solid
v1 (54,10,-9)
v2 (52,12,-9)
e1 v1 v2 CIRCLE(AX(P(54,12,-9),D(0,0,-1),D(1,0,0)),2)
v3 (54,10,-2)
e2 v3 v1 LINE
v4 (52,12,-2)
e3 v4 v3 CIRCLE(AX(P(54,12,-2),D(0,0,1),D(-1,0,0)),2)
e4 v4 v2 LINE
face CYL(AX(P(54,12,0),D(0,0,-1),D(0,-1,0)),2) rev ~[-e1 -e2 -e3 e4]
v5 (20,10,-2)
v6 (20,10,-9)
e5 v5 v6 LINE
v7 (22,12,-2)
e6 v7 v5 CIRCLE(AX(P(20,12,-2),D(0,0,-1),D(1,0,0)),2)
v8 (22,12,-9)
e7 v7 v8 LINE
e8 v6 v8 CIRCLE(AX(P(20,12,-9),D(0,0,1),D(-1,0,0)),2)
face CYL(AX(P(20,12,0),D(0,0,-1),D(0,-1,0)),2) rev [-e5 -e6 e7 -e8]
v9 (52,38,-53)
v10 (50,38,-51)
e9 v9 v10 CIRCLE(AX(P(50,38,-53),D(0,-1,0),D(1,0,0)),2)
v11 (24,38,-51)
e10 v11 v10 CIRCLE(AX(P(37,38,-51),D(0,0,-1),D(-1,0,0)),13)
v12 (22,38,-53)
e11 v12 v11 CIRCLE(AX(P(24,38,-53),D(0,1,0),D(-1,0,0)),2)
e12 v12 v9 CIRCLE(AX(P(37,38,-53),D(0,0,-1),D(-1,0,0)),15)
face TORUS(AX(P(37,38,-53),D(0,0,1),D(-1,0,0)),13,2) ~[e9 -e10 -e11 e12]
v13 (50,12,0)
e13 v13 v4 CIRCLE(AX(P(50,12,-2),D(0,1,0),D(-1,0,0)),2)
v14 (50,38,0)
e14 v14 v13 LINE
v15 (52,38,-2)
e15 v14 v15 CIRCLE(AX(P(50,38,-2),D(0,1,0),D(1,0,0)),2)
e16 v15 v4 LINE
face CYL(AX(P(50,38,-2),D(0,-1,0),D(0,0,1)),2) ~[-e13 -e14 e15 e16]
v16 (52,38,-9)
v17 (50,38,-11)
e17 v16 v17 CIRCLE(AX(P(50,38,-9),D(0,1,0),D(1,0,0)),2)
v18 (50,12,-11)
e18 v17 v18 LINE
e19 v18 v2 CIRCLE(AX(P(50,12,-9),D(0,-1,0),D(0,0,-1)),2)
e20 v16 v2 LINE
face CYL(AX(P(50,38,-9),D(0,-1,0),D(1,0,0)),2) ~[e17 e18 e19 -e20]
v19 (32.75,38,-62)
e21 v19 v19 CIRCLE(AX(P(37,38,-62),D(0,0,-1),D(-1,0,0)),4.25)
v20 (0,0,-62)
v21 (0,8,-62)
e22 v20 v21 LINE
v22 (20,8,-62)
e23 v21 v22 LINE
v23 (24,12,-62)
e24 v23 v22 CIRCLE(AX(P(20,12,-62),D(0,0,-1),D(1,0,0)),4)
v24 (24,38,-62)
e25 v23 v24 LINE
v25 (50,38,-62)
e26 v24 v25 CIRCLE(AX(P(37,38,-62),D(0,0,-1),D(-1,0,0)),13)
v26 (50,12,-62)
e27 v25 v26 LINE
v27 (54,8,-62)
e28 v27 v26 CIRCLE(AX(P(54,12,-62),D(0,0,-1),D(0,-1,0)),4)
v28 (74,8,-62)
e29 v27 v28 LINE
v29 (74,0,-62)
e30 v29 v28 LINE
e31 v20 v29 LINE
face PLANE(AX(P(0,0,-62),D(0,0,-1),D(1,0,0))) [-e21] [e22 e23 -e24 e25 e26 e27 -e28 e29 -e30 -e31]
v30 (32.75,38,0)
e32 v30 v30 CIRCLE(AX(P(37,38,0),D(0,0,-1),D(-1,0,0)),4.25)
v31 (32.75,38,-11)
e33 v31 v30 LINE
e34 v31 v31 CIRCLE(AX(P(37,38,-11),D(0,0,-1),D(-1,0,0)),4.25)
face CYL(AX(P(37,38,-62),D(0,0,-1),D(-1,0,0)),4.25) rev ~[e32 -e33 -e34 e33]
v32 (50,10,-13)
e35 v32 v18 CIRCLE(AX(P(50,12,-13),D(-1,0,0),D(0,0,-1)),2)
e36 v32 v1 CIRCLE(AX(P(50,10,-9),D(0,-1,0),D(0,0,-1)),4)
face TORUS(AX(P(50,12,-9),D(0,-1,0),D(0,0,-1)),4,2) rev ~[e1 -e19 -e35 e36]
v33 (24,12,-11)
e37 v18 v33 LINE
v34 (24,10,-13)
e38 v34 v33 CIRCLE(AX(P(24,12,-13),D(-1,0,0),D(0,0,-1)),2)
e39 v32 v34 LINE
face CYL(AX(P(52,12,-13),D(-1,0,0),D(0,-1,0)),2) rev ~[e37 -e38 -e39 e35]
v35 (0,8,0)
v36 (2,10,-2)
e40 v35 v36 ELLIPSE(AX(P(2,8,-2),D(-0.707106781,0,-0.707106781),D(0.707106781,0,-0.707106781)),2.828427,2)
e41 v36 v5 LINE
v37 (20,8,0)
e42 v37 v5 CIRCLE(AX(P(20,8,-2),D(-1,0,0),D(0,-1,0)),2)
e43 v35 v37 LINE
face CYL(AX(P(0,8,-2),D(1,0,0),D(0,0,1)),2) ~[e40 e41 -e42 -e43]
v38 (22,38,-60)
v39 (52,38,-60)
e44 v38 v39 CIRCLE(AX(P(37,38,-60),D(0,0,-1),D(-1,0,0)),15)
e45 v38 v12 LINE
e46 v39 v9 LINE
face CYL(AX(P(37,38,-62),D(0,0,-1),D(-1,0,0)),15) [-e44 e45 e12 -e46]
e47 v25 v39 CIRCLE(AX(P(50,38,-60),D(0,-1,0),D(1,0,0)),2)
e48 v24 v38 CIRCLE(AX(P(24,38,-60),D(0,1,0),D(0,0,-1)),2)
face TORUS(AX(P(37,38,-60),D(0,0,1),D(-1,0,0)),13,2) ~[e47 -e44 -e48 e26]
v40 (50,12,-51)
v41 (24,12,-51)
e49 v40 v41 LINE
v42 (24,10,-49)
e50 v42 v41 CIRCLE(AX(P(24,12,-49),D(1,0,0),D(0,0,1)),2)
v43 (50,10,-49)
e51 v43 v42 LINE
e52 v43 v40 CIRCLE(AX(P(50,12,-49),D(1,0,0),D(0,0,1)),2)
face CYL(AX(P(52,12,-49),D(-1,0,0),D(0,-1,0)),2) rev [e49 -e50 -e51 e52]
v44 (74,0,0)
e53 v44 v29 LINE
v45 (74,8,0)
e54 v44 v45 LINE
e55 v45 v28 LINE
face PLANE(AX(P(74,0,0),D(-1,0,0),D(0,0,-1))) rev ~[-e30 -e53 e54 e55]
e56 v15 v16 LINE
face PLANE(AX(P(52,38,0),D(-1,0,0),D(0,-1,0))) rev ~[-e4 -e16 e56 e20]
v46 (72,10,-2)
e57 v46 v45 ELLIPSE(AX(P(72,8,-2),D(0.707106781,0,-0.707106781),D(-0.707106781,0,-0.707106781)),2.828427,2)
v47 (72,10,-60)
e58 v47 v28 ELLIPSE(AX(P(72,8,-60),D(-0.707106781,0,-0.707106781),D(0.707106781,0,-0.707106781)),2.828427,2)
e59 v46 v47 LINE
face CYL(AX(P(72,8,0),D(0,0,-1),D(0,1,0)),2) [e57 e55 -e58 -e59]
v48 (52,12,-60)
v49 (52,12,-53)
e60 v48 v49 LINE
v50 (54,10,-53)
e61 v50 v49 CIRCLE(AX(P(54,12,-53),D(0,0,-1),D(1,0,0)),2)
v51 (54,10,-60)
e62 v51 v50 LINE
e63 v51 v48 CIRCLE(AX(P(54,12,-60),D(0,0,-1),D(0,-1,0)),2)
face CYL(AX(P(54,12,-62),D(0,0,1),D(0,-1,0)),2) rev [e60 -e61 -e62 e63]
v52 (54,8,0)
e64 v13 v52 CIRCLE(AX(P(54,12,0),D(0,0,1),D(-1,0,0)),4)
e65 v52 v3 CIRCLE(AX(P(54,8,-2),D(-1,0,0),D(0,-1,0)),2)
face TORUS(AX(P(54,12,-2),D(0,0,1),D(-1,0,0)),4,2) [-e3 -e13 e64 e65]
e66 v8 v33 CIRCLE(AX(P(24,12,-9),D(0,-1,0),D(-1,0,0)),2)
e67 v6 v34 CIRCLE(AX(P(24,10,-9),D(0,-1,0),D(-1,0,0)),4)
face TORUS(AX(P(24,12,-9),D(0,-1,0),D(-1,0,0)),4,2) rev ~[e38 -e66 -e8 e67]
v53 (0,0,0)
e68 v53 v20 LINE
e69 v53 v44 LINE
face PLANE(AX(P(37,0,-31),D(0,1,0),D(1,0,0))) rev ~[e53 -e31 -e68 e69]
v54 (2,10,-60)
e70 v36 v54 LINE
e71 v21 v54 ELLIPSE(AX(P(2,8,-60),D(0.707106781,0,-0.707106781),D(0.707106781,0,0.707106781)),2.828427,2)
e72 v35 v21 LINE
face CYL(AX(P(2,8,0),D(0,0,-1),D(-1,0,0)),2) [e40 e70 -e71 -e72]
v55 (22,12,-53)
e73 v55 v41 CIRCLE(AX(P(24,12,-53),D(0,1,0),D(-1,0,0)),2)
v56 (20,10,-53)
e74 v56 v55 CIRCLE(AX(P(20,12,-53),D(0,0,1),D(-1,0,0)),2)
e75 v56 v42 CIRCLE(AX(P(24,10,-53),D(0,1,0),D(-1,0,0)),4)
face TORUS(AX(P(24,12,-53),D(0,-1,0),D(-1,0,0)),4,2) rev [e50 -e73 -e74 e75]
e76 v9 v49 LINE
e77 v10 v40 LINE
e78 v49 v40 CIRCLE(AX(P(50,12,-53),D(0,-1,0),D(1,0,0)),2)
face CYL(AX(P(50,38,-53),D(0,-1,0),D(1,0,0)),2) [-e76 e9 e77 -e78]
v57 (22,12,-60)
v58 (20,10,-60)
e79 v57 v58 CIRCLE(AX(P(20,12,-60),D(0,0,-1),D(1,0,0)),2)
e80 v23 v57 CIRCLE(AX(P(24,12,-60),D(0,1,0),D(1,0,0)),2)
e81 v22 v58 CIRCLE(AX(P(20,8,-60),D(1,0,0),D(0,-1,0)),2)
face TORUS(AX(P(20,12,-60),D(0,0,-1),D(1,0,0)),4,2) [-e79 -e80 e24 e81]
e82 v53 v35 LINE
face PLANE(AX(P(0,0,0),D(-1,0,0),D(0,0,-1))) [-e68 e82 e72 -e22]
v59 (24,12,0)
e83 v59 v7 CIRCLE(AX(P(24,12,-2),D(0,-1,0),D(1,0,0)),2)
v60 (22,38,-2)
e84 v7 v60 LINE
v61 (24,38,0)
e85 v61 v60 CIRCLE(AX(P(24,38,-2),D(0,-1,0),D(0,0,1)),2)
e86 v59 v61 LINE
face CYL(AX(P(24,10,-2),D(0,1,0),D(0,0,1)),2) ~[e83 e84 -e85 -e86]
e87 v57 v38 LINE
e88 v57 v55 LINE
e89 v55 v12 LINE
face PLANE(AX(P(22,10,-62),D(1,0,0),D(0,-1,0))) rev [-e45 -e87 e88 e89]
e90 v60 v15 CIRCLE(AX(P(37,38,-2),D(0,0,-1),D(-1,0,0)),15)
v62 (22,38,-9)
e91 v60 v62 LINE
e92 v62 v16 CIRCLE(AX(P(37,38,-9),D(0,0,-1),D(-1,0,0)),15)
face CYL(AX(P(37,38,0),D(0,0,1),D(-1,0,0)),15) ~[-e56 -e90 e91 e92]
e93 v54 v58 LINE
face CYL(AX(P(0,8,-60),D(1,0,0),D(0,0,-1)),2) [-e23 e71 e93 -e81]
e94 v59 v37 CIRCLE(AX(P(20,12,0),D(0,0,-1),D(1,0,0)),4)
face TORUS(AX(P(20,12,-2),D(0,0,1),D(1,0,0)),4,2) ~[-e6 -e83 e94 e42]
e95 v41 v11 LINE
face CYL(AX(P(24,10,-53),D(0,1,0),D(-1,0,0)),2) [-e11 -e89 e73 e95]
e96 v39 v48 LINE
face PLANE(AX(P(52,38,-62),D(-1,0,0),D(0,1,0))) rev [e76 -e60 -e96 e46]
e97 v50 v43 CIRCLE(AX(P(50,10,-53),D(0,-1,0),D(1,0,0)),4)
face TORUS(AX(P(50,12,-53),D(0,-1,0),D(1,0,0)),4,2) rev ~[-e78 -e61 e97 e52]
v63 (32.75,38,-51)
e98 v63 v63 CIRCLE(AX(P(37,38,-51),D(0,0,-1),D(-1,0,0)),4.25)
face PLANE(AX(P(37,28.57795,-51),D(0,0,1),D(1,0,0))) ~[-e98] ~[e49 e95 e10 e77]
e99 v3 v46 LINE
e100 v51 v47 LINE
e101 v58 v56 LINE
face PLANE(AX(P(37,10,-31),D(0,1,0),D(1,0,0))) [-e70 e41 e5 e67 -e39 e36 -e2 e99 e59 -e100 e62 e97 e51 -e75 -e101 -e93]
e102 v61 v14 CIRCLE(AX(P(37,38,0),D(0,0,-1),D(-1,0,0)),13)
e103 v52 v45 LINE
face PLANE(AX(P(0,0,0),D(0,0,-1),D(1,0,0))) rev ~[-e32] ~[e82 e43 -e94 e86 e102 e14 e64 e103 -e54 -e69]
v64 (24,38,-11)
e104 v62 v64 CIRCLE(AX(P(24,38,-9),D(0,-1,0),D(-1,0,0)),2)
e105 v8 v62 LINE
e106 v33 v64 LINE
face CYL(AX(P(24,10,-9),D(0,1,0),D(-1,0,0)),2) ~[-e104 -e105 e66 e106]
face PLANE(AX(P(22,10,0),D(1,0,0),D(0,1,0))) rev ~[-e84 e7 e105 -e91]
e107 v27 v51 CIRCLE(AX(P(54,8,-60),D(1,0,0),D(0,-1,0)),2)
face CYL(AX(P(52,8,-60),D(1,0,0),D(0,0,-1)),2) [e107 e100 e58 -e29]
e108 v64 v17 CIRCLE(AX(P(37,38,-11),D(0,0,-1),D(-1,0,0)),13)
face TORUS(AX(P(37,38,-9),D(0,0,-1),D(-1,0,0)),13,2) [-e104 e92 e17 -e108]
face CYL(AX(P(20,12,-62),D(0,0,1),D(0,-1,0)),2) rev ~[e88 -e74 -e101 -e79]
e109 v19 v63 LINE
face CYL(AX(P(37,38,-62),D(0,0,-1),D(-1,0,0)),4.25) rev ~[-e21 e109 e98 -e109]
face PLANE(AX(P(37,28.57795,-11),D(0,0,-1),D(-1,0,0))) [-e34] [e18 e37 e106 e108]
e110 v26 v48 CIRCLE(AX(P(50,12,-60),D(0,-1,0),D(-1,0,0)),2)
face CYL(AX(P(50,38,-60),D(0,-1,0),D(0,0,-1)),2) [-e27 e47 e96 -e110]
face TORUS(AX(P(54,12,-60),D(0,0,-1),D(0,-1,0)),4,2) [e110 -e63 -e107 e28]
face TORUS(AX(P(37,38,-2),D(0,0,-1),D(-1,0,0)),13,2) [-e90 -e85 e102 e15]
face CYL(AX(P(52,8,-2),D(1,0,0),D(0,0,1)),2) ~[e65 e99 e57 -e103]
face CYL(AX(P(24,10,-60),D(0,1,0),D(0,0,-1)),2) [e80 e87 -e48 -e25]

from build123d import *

# Parameters (mm, degrees)
SKETCH2_W           = 74
SKETCH2_H           = 62
BOSS_EXTRUDE1_DEPTH = 10
BOSS_EXTRUDE2_DEPTH = 11
SKETCH5_R           = 4.25
CUT_EXTRUDE2_DEPTH  = 75
FILLET1_R           = 2


with BuildPart() as part:
    # Sketch2 → Boss-Extrude1 (new body)
    with BuildSketch(Plane(origin=(0, 0, 0), x_dir=(1, 0, 0), z_dir=(0, 1, 0))):
        with Locations((37, 31)):
            Rectangle(SKETCH2_W, SKETCH2_H)
    extrude(amount=BOSS_EXTRUDE1_DEPTH)

    # Sketch3 → Boss-Extrude2 (add)
    with BuildSketch(Plane.XY):
        with BuildLine():
            Line((22, 10), (22, 38))
            ThreePointArc((22, 38), (37, 53), (52, 38))
            Line((52, 38), (52, 10))
            Line((52, 10), (22, 10))
        make_face()
    boss_extrude2 = extrude(amount=-BOSS_EXTRUDE2_DEPTH)

    # Mirror1: Boss-Extrude2 across plane
    add(boss_extrude2.mirror(Plane.XY.offset(-31)))

    # Sketch5 → Cut-Extrude2 (cut)
    with BuildSketch(Plane(origin=(0, 0, -62), x_dir=(-1, 0, 0), z_dir=(0, 0, -1))):
        with Locations((-37, 38)):
            Circle(SKETCH5_R)
    extrude(amount=-CUT_EXTRUDE2_DEPTH, mode=Mode.SUBTRACT)

    # Fillet1
    fillet1_edges = [part.edges().sort_by_distance(p)[0] for p in [
        (74, 10, -31),
        (63, 10, -62),
        (63, 10, 0),
        (37, 10, -11),
        (52, 10, -5.5),
        (22, 24, -11),
        (22, 10, -5.5),
        (37, 53, -11),
        (52, 24, -11),
        (52, 24, 0),
        (37, 53, 0),
        (22, 24, 0),
        (11, 10, -62),
        (22, 10, -56.5),
        (52, 24, -62),
        (52, 10, -56.5),
        (37, 53, -62),
        (0, 10, -31),
        (22, 24, -62),
        (37, 10, -51),
        (52, 24, -51),
        (37, 53, -51),
        (22, 24, -51),
        (11, 10, 0),
    ]]
    fillet(fillet1_edges, radius=FILLET1_R)


solid = part.part
